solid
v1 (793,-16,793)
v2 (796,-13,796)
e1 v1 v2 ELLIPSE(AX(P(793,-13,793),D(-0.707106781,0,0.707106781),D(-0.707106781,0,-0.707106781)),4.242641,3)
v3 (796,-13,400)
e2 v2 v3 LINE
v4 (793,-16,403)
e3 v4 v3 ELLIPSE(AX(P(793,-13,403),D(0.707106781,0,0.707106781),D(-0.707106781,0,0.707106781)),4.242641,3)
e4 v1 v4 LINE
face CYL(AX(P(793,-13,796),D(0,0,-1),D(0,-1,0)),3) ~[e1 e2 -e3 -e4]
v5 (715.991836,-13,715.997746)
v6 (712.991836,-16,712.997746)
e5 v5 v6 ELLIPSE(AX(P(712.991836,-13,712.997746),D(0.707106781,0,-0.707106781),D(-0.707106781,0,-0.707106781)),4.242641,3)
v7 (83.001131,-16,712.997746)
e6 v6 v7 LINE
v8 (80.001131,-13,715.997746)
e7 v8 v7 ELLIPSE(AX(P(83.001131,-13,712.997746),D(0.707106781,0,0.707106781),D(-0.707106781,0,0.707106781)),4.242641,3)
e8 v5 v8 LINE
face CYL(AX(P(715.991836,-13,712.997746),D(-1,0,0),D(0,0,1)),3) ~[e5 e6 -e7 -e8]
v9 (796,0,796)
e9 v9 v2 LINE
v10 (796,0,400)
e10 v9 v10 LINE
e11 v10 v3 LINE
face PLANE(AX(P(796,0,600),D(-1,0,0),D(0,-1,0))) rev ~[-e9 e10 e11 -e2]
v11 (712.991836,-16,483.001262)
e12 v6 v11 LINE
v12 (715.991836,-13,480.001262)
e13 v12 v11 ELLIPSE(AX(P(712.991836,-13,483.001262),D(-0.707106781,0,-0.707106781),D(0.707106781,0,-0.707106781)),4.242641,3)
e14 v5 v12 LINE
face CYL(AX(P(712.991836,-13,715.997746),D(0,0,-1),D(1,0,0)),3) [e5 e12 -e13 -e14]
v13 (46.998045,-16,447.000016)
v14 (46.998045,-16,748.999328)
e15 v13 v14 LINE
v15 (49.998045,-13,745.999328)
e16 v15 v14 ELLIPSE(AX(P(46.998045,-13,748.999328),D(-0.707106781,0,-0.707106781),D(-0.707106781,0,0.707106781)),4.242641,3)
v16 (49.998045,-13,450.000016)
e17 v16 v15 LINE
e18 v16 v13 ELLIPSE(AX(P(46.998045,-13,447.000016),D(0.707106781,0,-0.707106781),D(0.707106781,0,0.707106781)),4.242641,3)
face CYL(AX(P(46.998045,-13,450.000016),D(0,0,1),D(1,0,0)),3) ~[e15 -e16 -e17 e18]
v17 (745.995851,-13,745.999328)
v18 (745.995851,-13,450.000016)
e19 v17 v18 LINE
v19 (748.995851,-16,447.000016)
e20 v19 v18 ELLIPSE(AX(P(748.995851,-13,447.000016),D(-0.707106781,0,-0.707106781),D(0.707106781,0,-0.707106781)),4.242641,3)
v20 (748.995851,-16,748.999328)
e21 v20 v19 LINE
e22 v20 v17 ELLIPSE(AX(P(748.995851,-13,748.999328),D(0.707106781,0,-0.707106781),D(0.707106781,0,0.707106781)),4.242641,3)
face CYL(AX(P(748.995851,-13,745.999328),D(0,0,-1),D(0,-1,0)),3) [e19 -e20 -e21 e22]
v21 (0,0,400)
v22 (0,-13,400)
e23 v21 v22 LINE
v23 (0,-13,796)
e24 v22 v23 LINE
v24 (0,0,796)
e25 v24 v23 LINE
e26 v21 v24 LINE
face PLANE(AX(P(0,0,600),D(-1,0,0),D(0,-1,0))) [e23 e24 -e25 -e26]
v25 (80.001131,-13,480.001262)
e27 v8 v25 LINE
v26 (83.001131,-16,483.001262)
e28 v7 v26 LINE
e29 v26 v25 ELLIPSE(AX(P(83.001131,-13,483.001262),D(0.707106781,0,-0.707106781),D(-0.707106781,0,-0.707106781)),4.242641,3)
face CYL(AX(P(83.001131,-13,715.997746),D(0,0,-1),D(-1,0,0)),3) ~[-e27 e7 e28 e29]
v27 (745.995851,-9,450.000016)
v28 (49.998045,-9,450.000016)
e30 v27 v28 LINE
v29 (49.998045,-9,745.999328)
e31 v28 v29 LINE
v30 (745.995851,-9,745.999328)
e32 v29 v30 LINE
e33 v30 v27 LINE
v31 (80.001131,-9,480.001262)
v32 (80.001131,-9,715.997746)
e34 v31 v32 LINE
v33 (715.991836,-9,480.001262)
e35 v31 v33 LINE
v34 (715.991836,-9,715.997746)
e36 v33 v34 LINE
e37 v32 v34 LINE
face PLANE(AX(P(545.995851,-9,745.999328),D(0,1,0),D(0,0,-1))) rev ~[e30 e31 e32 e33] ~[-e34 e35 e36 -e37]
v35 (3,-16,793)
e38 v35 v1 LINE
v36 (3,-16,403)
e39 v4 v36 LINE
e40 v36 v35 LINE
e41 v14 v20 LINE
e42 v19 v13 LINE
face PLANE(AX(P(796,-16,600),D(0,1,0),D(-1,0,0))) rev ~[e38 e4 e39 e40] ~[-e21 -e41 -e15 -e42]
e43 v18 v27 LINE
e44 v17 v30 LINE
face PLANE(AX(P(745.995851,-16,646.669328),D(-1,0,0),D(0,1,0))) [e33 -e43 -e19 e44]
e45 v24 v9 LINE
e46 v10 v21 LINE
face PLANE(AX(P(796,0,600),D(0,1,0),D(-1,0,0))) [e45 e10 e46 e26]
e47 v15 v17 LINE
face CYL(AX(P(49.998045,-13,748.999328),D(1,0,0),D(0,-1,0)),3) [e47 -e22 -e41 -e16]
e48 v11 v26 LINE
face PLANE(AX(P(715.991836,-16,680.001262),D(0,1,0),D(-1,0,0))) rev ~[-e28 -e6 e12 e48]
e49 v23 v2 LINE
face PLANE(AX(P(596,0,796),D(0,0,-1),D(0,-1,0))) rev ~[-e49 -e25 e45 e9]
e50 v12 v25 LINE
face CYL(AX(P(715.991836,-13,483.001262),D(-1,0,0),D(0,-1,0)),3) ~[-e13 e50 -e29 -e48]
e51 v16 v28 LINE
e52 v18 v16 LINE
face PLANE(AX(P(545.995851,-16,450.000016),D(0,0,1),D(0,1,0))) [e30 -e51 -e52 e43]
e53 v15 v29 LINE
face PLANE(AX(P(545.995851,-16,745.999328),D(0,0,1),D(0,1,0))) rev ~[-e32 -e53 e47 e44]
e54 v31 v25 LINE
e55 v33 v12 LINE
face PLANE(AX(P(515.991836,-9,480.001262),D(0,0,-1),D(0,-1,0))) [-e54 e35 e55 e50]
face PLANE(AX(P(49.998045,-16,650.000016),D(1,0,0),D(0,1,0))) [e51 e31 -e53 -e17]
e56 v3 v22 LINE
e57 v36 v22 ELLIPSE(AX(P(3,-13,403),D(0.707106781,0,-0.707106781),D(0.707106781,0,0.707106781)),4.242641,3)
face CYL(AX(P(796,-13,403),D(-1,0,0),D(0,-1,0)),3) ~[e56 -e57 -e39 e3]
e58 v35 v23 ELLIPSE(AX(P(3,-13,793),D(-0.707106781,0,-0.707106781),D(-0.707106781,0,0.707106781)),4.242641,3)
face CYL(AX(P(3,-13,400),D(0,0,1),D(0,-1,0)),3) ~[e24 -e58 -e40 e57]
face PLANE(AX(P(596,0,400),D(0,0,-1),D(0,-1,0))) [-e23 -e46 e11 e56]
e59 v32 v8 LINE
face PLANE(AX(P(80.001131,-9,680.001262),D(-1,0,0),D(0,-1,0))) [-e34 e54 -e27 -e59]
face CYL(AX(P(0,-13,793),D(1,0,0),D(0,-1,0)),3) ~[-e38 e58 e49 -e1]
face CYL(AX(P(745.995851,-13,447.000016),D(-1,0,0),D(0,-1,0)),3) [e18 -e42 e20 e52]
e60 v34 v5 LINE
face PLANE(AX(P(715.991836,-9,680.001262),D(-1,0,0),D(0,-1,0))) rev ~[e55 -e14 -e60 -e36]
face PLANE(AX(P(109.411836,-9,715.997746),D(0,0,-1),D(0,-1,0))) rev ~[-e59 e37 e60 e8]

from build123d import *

# Parameters (mm, degrees)
F0_W      = 44.656470418
F0_H      = 33.8078811765
F1_DEPTH  = 16
F2_DEPTH  = 796
F3_DEPTH  = 196
F4_W      = 68.9578056335
F4_H      = 493.6993122101
F5_DEPTH  = 7
F6_DEPTH  = 9.7
F7_DEPTH  = 99.33
F8_DEPTH  = 99.33
F9_DEPTH  = 17.34
F10_DEPTH = 102.97
F11_W     = 35.2807044983
F11_H     = 492.0964837074
F12_DEPTH = 7
F13_DEPTH = 37.27
F14_DEPTH = 6.58
F15_DEPTH = 106.63
F16_DEPTH = 5.87
F17_DEPTH = 200
F18_DEPTH = 200
F19_DEPTH = 200
F20_DEPTH = 200
F21_DEPTH = 200
F22_DEPTH = 200
F23_DEPTH = 600
F24_DEPTH = 600
F25_DEPTH = 600
F26_DEPTH = 200
F27_DEPTH = 200
F28_DEPTH = 200
F29_DEPTH = 200
F30_DEPTH = 200
F31_DEPTH = 200
F32_DEPTH = 200
F33_DEPTH = 200
F34_DEPTH = 200
F35_DEPTH = 200
F36_DEPTH = 200
F37_DEPTH = 200
F38_R     = 3


with BuildPart() as f1:
    # F0 (on Front) → F1 (new body)
    with BuildSketch(Plane.XZ):
        with Locations((22.328235209, 16.9039405882)):
            Rectangle(F0_W, F0_H)
    extrude(amount=F1_DEPTH)

    # F2 (add): a face of the model
    f2_faces = [f1.faces().sort_by_distance(p)[0] for p in [
        (22.328235209, -8, 0),
    ]]
    extrude(f2_faces, amount=-F2_DEPTH)

    # F3 (add): a face of the model
    f3_faces = [f1.faces().sort_by_distance(p)[0] for p in [
        (0, -8, 398),
    ]]
    extrude(f3_faces, amount=-F3_DEPTH)

    # F4 (on face) → F5 (cut)
    with BuildSketch(Plane.XZ.offset(16)):
        with Locations((94.1769480705, 399.8196721077)):
            Rectangle(F4_W, F4_H)
    extrude(amount=-F5_DEPTH, mode=Mode.SUBTRACT)

    # F6 (cut): a face of the model
    f6_faces = [f1.faces().sort_by_distance(p)[0] for p in [
        (59.6980452538, -12.5, 399.8196721077),
    ]]
    extrude(f6_faces, amount=-F6_DEPTH, mode=Mode.SUBTRACT)

    # F7 (add): a face of the model
    f7_faces = [f1.faces().sort_by_distance(p)[0] for p in [
        (89.3269480705, -12.5, 646.6693282127),
    ]]
    extrude(f7_faces, amount=-F7_DEPTH)

    # F8 (cut): a face of the model
    f8_faces = [f1.faces().sort_by_distance(p)[0] for p in [
        (89.3269480705, -12.5, 646.6693282127),
    ]]
    extrude(f8_faces, amount=-F8_DEPTH, mode=Mode.SUBTRACT)

    # F9 (cut): a face of the model
    f9_faces = [f1.faces().sort_by_distance(p)[0] for p in [
        (128.6558508873, -12.5, 449.4846721077),
    ]]
    extrude(f9_faces, amount=-F9_DEPTH, mode=Mode.SUBTRACT)

    # F10 (cut): a face of the model
    f10_faces = [f1.faces().sort_by_distance(p)[0] for p in [
        (97.9969480705, -12.5, 152.9700160027),
    ]]
    extrude(f10_faces, amount=-F10_DEPTH, mode=Mode.SUBTRACT)

    # F11 (on face) → F12 (join)
    with BuildSketch(Plane.XZ.offset(9)):
        with Locations((91.7714834213, 432.6795041561)):
            Rectangle(F11_W, F11_H)
    extrude(amount=F12_DEPTH)

    # F13 (add): a face of the model
    f13_faces = [f1.faces().sort_by_distance(p)[0] for p in [
        (91.7714834213, -12.5, 678.7277460098),
    ]]
    extrude(f13_faces, amount=F13_DEPTH)

    # F14 (add): a face of the model
    f14_faces = [f1.faces().sort_by_distance(p)[0] for p in [
        (109.4118356705, -12.5, 451.3145041561),
    ]]
    extrude(f14_faces, amount=F14_DEPTH)

    # F15 (add): a face of the model
    f15_faces = [f1.faces().sort_by_distance(p)[0] for p in [
        (95.0614834213, -12.5, 186.6312623024),
    ]]
    extrude(f15_faces, amount=F15_DEPTH)

    # F16 (cut): a face of the model
    f16_faces = [f1.faces().sort_by_distance(p)[0] for p in [
        (74.1311311722, -12.5, 397.9995041561),
    ]]
    extrude(f16_faces, amount=-F16_DEPTH, mode=Mode.SUBTRACT)

    # F17 (add): a face of the model
    f17_faces = [f1.faces().sort_by_distance(p)[0] for p in [
        (196, -8, 398),
    ]]
    extrude(f17_faces, amount=F17_DEPTH)

    # F18 (cut): a face of the model
    f18_faces = [f1.faces().sort_by_distance(p)[0] for p in [
        (145.9958508873, -12.5, 397.9996721077),
    ]]
    extrude(f18_faces, amount=-F18_DEPTH, mode=Mode.SUBTRACT)

    # F19 (add): a face of the model
    f19_faces = [f1.faces().sort_by_distance(p)[0] for p in [
        (115.9918356705, -12.5, 397.9995041561),
    ]]
    extrude(f19_faces, amount=F19_DEPTH)

    # F20 (add): a face of the model
    f20_faces = [f1.faces().sort_by_distance(p)[0] for p in [
        (396, -8, 398),
    ]]
    extrude(f20_faces, amount=F20_DEPTH)

    # F21 (cut): a face of the model
    f21_faces = [f1.faces().sort_by_distance(p)[0] for p in [
        (345.9958508873, -12.5, 397.9996721077),
    ]]
    extrude(f21_faces, amount=-F21_DEPTH, mode=Mode.SUBTRACT)

    # F22 (add): a face of the model
    f22_faces = [f1.faces().sort_by_distance(p)[0] for p in [
        (315.9918356705, -12.5, 397.9995041561),
    ]]
    extrude(f22_faces, amount=F22_DEPTH)

    # F23 (cut): a face of the model
    f23_faces = [f1.faces().sort_by_distance(p)[0] for p in [
        (297.9964834213, -12.5, 80.0012623024),
    ]]
    extrude(f23_faces, amount=-F23_DEPTH, mode=Mode.SUBTRACT)

    # F24 (add): a face of the model
    f24_faces = [f1.faces().sort_by_distance(p)[0] for p in [
        (297.9969480705, -12.5, 50.0000160027),
    ]]
    extrude(f24_faces, amount=F24_DEPTH)

    # F25 (cut): a face of the model
    f25_faces = [f1.faces().sort_by_distance(p)[0] for p in [
        (298, -8, 0),
    ]]
    extrude(f25_faces, amount=-F25_DEPTH, mode=Mode.SUBTRACT)

    # F26 (add): a face of the model
    f26_faces = [f1.faces().sort_by_distance(p)[0] for p in [
        (298, -8, 600),
    ]]
    extrude(f26_faces, amount=F26_DEPTH)

    # F27 (cut): a face of the model
    f27_faces = [f1.faces().sort_by_distance(p)[0] for p in [
        (297.9969480705, -12.5, 650.0000160027),
    ]]
    extrude(f27_faces, amount=-F27_DEPTH, mode=Mode.SUBTRACT)

    # F28 (add): a face of the model
    f28_faces = [f1.faces().sort_by_distance(p)[0] for p in [
        (297.9964834213, -12.5, 680.0012623024),
    ]]
    extrude(f28_faces, amount=F28_DEPTH)

    # F29 (add): a face of the model
    f29_faces = [f1.faces().sort_by_distance(p)[0] for p in [
        (596, -8, 598),
    ]]
    extrude(f29_faces, amount=F29_DEPTH)

    # F30 (cut): a face of the model
    f30_faces = [f1.faces().sort_by_distance(p)[0] for p in [
        (545.9958508873, -12.5, 597.9996721077),
    ]]
    extrude(f30_faces, amount=-F30_DEPTH, mode=Mode.SUBTRACT)

    # F31 (add): a face of the model
    f31_faces = [f1.faces().sort_by_distance(p)[0] for p in [
        (515.9918356705, -12.5, 597.9995041561),
    ]]
    extrude(f31_faces, amount=F31_DEPTH)

    # F32 (cut): a face of the model
    f32_faces = [f1.faces().sort_by_distance(p)[0] for p in [
        (397.9964834213, -12.5, 480.0012623024),
    ]]
    extrude(f32_faces, amount=-F32_DEPTH, mode=Mode.SUBTRACT)

    # F33 (add): a face of the model
    f33_faces = [f1.faces().sort_by_distance(p)[0] for p in [
        (397.9969480705, -12.5, 450.0000160027),
    ]]
    extrude(f33_faces, amount=F33_DEPTH)

    # F34 (cut): a face of the model
    f34_faces = [f1.faces().sort_by_distance(p)[0] for p in [
        (398, -8, 400),
    ]]
    extrude(f34_faces, amount=-F34_DEPTH, mode=Mode.SUBTRACT)

    # F35 (add): a face of the model
    f35_faces = [f1.faces().sort_by_distance(p)[0] for p in [
        (398, -8, 600),
    ]]
    extrude(f35_faces, amount=F35_DEPTH)

    # F36 (cut): a face of the model
    f36_faces = [f1.faces().sort_by_distance(p)[0] for p in [
        (397.9969480705, -12.5, 650.0000160027),
    ]]
    extrude(f36_faces, amount=-F36_DEPTH, mode=Mode.SUBTRACT)

    # F37 (add): a face of the model
    f37_faces = [f1.faces().sort_by_distance(p)[0] for p in [
        (397.9964834213, -12.5, 680.0012623024),
    ]]
    extrude(f37_faces, amount=F37_DEPTH)

    # F38
    f38_edges = [f1.edges().sort_by_distance(p)[0] for p in [
        (397.996483, -16, 715.997746),
        (715.991836, -16, 597.999504),
        (397.996483, -16, 480.001262),
        (80.001131, -16, 597.999504),
        (0, -16, 598),
        (398, -16, 400),
        (796, -16, 598),
        (398, -16, 796),
        (49.998045, -16, 597.999672),
        (397.996948, -16, 745.999328),
        (745.995851, -16, 597.999672),
        (397.996948, -16, 450.000016),
    ]]
    fillet(f38_edges, radius=F38_R)


solid = f1.part
